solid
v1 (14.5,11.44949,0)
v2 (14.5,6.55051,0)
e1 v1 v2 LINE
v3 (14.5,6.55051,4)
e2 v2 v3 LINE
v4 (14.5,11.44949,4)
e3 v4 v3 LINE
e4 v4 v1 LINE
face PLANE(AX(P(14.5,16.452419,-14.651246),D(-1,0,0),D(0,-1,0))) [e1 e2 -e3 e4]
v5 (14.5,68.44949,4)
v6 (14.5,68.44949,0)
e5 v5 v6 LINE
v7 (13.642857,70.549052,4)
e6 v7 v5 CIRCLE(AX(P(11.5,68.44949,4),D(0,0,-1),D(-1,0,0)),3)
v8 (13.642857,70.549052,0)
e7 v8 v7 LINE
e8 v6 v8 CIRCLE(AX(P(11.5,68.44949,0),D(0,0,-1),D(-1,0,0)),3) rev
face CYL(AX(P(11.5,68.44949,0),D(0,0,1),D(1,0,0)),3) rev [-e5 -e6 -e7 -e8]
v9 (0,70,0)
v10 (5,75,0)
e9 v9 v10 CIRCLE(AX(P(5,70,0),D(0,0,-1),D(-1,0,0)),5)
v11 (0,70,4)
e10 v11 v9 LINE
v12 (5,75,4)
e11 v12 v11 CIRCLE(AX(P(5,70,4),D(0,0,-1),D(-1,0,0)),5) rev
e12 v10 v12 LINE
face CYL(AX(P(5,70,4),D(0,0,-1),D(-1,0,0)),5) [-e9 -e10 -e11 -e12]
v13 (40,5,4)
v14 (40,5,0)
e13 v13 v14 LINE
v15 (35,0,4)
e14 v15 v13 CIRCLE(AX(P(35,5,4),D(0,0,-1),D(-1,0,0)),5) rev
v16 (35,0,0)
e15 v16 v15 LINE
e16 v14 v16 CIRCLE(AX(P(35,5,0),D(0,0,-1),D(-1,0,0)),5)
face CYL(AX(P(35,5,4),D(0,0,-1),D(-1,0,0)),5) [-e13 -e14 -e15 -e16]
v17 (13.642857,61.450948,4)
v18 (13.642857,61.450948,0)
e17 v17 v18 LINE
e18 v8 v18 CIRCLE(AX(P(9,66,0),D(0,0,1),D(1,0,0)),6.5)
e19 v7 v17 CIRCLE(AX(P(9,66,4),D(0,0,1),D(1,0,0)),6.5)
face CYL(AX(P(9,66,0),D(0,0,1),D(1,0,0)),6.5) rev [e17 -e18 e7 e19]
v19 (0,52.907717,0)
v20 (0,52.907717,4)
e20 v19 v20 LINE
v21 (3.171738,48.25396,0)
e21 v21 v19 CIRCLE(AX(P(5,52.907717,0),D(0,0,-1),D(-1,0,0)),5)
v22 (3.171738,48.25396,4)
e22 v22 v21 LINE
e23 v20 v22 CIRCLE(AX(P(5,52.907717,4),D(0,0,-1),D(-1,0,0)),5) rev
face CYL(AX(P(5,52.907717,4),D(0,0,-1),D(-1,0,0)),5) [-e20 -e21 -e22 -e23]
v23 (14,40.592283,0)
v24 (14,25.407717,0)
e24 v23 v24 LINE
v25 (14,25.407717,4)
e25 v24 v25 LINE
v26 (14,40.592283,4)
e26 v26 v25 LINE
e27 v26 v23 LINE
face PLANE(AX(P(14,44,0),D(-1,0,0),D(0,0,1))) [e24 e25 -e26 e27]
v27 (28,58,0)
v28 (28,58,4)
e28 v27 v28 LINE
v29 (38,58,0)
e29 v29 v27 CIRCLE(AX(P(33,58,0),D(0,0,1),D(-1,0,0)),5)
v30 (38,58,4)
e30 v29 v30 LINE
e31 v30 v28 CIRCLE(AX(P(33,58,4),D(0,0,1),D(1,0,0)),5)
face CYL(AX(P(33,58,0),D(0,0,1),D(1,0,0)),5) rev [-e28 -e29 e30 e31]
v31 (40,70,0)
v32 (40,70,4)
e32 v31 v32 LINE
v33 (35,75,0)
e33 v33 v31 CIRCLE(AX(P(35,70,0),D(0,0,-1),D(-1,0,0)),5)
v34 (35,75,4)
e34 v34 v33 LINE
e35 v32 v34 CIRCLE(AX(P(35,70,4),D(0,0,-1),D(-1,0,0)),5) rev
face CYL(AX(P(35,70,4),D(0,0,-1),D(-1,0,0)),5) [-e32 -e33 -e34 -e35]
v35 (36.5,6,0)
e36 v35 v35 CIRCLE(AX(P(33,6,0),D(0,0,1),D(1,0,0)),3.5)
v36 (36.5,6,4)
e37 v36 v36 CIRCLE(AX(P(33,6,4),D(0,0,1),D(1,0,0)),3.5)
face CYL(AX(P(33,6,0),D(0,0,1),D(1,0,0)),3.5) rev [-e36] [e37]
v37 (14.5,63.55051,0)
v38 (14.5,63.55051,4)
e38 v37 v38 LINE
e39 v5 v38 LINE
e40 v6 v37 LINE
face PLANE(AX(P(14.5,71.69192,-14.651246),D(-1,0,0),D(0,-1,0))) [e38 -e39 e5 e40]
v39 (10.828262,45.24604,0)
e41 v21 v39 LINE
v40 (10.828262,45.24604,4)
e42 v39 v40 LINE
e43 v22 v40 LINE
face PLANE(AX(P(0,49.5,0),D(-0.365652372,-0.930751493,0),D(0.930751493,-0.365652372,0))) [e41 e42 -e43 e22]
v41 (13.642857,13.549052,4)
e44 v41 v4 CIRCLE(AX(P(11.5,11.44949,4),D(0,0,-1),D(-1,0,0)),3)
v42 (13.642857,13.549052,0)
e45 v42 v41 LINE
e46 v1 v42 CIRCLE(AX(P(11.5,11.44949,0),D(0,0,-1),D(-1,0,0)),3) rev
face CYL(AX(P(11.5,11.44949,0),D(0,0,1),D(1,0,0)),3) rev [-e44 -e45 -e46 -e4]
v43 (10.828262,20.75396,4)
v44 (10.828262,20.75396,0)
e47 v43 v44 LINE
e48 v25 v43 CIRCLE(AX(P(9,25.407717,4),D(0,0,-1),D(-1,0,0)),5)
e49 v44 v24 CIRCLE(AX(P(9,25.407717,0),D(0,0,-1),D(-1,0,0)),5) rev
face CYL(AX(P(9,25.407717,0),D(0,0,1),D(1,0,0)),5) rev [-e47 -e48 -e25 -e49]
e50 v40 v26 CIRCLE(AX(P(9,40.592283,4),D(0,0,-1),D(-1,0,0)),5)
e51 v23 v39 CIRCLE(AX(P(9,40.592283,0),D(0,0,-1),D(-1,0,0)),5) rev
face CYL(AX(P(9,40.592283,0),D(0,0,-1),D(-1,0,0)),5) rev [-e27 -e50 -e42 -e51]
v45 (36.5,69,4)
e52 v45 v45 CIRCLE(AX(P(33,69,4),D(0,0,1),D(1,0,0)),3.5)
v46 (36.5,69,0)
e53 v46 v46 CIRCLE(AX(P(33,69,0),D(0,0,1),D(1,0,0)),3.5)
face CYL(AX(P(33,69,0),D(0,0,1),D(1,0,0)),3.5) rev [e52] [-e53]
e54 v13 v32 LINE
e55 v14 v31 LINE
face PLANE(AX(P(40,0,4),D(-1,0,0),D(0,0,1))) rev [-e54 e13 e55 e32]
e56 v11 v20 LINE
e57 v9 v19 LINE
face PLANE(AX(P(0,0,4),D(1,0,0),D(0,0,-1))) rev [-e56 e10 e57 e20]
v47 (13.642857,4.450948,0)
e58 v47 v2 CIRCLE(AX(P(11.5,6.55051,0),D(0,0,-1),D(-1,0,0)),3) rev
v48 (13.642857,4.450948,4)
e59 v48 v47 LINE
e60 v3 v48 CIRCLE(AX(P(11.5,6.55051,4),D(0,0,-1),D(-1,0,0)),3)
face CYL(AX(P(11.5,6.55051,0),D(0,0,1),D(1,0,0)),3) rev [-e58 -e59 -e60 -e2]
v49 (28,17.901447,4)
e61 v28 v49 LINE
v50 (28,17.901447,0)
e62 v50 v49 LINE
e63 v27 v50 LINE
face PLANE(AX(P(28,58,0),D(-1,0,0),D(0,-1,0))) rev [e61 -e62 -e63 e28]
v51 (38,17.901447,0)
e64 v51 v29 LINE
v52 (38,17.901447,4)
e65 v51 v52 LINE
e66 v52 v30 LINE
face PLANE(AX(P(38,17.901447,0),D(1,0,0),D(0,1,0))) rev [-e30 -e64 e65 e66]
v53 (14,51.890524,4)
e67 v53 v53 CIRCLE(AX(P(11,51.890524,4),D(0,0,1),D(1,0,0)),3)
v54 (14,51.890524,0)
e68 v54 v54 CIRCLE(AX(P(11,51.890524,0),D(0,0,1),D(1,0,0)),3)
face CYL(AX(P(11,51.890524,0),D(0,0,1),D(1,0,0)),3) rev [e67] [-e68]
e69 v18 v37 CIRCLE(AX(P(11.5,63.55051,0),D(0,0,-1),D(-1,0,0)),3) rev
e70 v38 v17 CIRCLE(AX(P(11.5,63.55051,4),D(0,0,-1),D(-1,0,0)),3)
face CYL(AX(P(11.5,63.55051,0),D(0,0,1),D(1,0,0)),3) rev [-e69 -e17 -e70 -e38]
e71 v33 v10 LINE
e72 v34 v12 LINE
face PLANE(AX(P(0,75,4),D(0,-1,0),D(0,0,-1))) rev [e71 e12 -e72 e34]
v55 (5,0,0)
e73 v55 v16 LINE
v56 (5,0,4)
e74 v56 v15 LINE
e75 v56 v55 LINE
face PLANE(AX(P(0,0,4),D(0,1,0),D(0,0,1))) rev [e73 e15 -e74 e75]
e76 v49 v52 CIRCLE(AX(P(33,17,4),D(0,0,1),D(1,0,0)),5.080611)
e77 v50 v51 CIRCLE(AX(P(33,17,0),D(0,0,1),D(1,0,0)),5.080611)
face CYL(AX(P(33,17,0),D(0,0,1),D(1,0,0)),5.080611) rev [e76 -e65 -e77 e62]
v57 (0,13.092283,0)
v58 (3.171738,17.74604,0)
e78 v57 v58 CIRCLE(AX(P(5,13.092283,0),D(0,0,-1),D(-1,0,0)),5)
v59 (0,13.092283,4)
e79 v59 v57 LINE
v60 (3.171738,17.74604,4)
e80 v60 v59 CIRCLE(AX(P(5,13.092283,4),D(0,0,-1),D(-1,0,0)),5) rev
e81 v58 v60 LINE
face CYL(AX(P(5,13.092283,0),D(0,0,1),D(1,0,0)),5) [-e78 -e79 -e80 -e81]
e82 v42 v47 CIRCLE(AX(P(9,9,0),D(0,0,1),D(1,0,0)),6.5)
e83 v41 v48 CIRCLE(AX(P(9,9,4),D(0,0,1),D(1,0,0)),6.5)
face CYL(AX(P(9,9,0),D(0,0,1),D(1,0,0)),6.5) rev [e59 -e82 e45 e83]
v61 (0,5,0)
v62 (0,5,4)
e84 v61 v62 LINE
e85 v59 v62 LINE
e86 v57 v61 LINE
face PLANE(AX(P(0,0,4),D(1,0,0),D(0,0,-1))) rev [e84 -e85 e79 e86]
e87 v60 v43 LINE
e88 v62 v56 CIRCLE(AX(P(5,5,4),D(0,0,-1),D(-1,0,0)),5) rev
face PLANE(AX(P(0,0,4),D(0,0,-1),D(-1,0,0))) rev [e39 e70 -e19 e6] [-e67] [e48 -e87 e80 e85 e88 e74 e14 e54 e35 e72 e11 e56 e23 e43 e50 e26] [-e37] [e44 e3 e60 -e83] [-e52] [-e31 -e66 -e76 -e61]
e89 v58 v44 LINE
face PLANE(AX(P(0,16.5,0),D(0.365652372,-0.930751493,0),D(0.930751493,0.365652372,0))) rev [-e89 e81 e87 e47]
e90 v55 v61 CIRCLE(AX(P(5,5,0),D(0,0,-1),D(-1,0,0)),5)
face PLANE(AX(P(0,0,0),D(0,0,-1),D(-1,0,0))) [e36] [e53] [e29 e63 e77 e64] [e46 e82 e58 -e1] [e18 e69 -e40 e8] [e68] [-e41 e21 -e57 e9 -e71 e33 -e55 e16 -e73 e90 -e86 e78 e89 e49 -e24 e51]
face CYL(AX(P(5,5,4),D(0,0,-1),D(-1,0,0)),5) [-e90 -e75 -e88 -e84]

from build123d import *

# Parameters (mm, degrees)
ESQUISSE1_W                  = 40
ESQUISSE1_H                  = 75
BOSS_EXTRU_1_DEPTH           = 4
ENL_V_MAT_EXTRU_1_DEPTH      = 5
ESQUISSE3_R                  = 6.5
ESQUISSE3_R_2                = 3
ENL_V_MAT_EXTRU_2_DEPTH      = 5
CONG_1_R                     = 5
ESQUISSE4_R                  = 3.5
ENL_V_MAT_EXTRU_3_DEPTH      = 5
ENL_V_MAT_EXTRU_4_DEPTH      = 1
ENL_V_MAT_EXTRU_4_DEPTH_BACK = 5
ESQUISSE6_W                  = 3.826832881
ESQUISSE6_H                  = 13.310723064
ESQUISSE6_H_2                = 14.142643256
BOSS_EXTRU_2_DEPTH           = 4
CONG_2_R                     = 3


with BuildPart() as part:
    # Esquisse1 → Boss.-Extru.1 (new body)
    with BuildSketch(Plane.XY):
        with Locations((20, 37.5)):
            Rectangle(ESQUISSE1_W, ESQUISSE1_H)
    extrude(amount=BOSS_EXTRU_1_DEPTH)

    # Esquisse2 → Enlèv. mat.-Extru.1 (cut, through all)
    with BuildSketch(Plane.XY.offset(4)):
        Polygon((0, 16.5), (0, 49.5), (14, 44), (14, 22), align=None)
    extrude(amount=-ENL_V_MAT_EXTRU_1_DEPTH, mode=Mode.SUBTRACT)

    # Esquisse3 → Enlèv. mat.-Extru.2 (cut, through all)
    with BuildSketch(Plane.XY.offset(4)):
        with Locations((9, 66)):
            Circle(ESQUISSE3_R)
        with Locations((9, 9)):
            Circle(ESQUISSE3_R)
        with Locations((11, 51.890523543)):
            Circle(ESQUISSE3_R_2)
    extrude(amount=-ENL_V_MAT_EXTRU_2_DEPTH, mode=Mode.SUBTRACT)

    # Congé1
    cong_1_edges = [part.edges().sort_by_distance(p)[0] for p in [
        (0, 16.5, 2),
        (0, 49.5, 2),
        (14, 44, 2),
        (14, 22, 2),
        (0, 75, 2),
        (40, 75, 2),
        (40, 0, 2),
        (0, 0, 2),
    ]]
    fillet(cong_1_edges, radius=CONG_1_R)

    # Esquisse4 → Enlèv. mat.-Extru.3 (cut, through all)
    with BuildSketch(Plane.XY.offset(4)):
        with Locations((33, 69)):
            Circle(ESQUISSE4_R)
        with Locations((33, 6)):
            Circle(ESQUISSE4_R)
    extrude(amount=-ENL_V_MAT_EXTRU_3_DEPTH, mode=Mode.SUBTRACT)

    # Esquisse5 → Enlèv. mat.-Extru.4 (cut, two sides)
    with BuildSketch(Plane.XY.offset(4)) as enl_v_mat_extru_4_sk:
        with BuildLine():
            Line((28, 58), (28, 17.901446768))
            ThreePointArc((28, 17.901446768), (33, 11.919389183), (38, 17.901446768))
            Line((38, 17.901446768), (38, 58))
            ThreePointArc((38, 58), (33, 63), (28, 58))
        make_face()
    extrude(amount=ENL_V_MAT_EXTRU_4_DEPTH, mode=Mode.SUBTRACT)
    extrude(enl_v_mat_extru_4_sk.sketch, amount=-ENL_V_MAT_EXTRU_4_DEPTH_BACK, mode=Mode.SUBTRACT)

    # Esquisse6 → Boss.-Extru.2 (add)
    with BuildSketch(Plane.XY.offset(4)):
        with Locations((16.413416441, 65.03655834)):
            Rectangle(ESQUISSE6_W, ESQUISSE6_H)
        with Locations((16.413416441, 9.381097526)):
            Rectangle(ESQUISSE6_W, ESQUISSE6_H_2)
    extrude(amount=-BOSS_EXTRU_2_DEPTH)

    # Congé2
    cong_2_edges = [part.edges().sort_by_distance(p)[0] for p in [
        (14.5, 69.464101615, 2),
        (14.5, 62.535898385, 2),
        (14.5, 12.464101615, 2),
        (14.5, 5.535898385, 2),
    ]]
    fillet(cong_2_edges, radius=CONG_2_R)


solid = part.part
